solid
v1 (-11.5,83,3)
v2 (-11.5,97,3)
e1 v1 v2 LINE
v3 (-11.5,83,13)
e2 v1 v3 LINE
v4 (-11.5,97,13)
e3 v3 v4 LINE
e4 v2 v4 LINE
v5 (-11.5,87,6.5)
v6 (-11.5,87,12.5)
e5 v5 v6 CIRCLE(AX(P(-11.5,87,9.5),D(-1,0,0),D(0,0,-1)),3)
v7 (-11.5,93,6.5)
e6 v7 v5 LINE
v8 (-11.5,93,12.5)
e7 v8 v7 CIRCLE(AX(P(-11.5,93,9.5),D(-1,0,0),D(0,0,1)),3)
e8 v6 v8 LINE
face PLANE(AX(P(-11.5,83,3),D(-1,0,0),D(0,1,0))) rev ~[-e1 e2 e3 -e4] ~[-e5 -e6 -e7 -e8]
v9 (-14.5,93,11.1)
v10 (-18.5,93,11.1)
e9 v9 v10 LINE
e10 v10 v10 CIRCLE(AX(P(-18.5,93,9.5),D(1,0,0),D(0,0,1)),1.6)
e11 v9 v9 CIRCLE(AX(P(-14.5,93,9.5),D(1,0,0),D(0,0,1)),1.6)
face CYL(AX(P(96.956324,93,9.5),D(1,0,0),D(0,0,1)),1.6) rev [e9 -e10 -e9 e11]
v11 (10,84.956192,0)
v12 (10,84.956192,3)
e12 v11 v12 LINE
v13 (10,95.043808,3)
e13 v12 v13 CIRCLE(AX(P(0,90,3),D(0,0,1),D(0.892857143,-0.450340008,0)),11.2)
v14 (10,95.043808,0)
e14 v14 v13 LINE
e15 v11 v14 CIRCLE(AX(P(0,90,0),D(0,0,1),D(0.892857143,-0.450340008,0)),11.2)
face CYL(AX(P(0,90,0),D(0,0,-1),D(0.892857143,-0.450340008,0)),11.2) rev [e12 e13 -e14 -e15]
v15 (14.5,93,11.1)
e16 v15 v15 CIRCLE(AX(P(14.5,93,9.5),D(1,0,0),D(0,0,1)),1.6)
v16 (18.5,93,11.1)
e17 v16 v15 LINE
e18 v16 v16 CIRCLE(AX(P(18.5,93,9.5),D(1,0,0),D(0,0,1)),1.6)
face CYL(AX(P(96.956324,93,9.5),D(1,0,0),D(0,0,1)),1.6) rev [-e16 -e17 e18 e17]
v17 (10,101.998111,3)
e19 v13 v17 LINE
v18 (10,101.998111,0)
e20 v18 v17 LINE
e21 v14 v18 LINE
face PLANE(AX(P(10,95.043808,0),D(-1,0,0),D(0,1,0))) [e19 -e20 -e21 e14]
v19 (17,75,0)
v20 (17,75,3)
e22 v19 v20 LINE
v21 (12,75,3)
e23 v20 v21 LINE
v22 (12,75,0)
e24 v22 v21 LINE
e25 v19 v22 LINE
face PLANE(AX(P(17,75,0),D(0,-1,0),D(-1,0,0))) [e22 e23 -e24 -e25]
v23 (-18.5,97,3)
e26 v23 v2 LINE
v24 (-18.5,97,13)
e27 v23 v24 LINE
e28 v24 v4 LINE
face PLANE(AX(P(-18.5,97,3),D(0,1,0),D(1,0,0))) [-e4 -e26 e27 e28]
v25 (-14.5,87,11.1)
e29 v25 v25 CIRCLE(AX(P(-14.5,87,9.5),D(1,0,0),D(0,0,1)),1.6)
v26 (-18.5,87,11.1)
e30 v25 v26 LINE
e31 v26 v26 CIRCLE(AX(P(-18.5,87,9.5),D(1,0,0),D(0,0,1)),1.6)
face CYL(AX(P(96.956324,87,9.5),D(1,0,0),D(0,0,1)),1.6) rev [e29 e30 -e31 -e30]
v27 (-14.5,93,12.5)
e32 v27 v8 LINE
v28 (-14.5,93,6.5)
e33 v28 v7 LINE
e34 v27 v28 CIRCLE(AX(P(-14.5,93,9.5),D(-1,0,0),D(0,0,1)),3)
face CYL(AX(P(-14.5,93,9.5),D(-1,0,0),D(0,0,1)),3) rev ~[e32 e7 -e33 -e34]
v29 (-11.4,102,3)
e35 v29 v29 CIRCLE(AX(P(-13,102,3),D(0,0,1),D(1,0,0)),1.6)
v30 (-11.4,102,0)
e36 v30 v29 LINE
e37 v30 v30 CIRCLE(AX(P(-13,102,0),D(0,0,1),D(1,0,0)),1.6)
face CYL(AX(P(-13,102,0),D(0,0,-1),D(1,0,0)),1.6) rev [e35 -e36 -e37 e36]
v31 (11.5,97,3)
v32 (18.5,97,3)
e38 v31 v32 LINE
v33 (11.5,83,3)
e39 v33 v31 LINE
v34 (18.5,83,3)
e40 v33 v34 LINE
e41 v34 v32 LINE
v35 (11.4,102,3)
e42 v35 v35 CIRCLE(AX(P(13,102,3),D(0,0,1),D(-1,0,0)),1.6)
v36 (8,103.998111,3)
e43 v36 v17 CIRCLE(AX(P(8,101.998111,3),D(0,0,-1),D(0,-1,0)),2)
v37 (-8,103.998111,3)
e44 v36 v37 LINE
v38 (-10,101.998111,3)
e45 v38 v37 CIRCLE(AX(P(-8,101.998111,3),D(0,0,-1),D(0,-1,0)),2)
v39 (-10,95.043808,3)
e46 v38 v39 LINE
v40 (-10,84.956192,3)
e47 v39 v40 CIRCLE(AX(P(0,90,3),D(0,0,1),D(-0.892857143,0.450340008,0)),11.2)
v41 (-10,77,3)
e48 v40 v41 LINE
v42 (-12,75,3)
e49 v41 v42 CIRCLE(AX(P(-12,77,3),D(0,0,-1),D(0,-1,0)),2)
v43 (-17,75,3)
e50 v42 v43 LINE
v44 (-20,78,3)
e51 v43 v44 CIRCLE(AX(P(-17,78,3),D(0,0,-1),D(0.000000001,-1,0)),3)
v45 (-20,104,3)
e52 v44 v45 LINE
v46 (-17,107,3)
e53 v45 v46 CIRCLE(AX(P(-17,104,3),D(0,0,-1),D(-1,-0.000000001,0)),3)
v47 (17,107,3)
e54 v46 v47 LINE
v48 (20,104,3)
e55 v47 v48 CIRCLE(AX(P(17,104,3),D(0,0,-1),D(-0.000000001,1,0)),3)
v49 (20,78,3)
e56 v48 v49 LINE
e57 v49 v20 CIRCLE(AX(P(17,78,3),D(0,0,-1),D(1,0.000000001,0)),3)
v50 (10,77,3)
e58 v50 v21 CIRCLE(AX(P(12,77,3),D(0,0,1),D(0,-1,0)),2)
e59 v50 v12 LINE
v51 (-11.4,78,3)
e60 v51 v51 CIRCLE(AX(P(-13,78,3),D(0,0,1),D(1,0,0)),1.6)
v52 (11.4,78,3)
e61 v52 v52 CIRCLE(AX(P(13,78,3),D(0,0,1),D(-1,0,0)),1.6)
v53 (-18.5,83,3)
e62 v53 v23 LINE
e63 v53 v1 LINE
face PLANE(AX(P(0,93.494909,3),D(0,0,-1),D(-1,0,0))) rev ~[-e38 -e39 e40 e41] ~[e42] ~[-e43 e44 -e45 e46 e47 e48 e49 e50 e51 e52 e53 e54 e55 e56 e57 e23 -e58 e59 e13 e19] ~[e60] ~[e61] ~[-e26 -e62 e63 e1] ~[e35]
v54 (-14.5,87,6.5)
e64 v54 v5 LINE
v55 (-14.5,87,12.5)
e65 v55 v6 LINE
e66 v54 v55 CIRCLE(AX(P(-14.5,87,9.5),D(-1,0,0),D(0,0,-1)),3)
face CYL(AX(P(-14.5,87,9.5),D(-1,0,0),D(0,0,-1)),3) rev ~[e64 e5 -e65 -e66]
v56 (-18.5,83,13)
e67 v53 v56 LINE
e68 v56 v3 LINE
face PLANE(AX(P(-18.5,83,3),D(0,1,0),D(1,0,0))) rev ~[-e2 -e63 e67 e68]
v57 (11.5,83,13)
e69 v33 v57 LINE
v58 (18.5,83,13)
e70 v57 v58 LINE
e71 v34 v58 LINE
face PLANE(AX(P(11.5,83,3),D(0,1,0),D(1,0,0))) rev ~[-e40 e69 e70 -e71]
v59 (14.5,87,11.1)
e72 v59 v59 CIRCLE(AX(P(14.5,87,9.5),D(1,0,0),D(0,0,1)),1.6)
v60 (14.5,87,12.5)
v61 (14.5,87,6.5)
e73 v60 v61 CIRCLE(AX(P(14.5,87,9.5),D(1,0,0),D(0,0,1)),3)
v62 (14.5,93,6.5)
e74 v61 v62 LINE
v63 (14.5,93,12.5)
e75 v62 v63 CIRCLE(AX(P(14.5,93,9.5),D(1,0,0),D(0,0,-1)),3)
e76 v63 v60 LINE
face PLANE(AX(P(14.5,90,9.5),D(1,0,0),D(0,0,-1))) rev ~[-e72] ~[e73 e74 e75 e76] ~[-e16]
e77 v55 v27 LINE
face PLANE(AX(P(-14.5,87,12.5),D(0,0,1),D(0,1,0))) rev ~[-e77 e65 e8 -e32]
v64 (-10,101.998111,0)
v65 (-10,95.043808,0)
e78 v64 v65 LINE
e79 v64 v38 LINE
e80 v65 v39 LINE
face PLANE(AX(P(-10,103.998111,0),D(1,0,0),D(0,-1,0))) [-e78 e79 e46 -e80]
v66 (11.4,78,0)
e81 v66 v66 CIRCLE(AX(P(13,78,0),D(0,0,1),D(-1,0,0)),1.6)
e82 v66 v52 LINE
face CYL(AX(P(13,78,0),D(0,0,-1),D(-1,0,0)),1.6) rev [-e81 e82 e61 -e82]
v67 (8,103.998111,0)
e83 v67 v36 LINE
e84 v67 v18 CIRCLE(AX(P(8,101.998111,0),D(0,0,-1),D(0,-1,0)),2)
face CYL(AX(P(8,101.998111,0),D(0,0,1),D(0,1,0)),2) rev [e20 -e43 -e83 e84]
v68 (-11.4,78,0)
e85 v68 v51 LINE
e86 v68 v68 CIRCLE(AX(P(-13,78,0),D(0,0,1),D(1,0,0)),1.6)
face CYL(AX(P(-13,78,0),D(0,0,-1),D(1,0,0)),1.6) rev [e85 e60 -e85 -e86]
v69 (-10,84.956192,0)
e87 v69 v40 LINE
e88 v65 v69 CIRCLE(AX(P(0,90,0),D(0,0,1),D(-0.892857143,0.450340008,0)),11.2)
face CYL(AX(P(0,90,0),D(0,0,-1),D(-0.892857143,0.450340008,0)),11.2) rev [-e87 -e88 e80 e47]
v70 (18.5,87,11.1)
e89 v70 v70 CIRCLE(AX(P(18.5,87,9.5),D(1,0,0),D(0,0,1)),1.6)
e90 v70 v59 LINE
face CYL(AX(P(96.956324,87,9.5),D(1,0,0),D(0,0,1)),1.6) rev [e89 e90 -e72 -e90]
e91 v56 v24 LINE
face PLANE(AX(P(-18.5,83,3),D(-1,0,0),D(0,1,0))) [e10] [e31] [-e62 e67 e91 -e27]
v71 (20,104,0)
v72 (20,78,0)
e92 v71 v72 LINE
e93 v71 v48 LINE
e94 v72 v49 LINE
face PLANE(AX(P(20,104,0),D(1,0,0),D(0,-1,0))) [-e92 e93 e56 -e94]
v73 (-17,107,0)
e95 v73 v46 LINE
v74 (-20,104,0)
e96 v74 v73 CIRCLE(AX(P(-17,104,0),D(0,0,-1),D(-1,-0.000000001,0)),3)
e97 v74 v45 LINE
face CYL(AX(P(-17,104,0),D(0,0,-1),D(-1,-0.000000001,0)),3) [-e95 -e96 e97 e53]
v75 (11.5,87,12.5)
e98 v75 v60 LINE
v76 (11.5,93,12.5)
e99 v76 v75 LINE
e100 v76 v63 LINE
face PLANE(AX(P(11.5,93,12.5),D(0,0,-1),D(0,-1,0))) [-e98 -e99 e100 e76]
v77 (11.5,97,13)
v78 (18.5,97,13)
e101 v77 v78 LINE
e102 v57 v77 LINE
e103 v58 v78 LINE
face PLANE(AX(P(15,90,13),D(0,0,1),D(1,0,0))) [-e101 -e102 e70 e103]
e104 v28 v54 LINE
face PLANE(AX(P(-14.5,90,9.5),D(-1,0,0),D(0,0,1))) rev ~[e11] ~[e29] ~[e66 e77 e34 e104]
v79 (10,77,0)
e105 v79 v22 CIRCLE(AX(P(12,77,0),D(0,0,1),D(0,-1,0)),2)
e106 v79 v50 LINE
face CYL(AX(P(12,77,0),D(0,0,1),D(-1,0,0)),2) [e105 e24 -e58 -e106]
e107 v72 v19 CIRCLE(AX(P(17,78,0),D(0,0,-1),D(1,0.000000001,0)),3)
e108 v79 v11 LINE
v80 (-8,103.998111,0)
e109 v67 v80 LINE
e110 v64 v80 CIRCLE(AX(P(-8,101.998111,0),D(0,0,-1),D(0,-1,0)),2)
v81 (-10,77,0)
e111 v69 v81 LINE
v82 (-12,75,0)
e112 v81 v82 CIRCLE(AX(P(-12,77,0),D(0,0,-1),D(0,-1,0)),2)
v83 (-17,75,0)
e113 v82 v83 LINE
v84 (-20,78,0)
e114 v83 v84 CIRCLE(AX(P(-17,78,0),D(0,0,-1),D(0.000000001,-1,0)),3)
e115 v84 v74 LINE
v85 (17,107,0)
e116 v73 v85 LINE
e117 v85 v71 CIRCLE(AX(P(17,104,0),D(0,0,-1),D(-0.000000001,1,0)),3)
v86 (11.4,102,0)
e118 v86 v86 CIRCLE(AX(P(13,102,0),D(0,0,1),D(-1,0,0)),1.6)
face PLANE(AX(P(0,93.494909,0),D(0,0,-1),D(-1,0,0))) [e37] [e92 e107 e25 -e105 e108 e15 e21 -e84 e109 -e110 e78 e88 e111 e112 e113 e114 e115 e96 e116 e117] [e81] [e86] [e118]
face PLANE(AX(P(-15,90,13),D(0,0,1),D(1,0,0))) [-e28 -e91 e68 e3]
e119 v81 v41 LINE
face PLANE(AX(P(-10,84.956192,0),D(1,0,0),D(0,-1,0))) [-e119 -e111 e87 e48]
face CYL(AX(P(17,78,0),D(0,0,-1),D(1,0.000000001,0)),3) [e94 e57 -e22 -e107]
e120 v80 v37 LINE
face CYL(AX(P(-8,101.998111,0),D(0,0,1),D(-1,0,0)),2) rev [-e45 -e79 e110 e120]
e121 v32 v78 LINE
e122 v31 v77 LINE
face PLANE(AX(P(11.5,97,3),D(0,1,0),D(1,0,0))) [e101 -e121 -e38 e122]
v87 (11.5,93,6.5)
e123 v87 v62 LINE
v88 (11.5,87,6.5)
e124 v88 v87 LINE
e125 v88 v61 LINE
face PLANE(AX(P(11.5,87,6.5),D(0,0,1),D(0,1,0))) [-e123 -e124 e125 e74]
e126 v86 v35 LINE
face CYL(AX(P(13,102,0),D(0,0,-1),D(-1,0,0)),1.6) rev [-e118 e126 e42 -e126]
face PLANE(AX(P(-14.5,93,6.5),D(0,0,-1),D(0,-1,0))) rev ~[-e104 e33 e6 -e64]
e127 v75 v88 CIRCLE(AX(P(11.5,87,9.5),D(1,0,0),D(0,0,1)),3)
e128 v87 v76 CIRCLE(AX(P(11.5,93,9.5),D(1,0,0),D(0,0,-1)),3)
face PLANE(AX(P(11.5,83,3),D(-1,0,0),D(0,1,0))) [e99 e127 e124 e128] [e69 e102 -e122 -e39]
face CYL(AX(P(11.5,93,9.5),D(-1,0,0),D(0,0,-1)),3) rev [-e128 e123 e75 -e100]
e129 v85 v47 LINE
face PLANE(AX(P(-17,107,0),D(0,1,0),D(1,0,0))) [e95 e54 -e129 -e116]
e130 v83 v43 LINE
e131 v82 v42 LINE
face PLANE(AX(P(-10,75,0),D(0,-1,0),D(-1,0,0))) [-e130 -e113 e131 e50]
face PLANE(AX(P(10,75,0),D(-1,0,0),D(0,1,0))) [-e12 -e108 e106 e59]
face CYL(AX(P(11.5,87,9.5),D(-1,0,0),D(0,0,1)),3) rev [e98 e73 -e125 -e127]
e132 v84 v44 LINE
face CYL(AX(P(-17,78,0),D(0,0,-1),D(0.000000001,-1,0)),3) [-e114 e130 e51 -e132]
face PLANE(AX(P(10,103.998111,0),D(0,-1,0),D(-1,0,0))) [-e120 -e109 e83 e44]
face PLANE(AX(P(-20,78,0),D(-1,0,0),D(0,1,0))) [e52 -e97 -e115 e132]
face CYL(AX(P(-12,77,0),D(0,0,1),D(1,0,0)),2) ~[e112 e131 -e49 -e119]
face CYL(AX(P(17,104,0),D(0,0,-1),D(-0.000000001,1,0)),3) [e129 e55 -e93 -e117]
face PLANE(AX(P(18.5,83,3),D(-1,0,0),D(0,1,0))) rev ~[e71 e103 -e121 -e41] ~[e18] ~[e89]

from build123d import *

# Parameters (mm, degrees)
SKETCH_1_R               = 1.6
EXTRUDE_1_DEPTH          = 3
SKETCH_2_W               = 7
SKETCH_2_H               = 14
EXTRUDE_2_DEPTH          = 10
CUT_EXTRUDE_1_DEPTH      = 115.456323547
CUT_EXTRUDE_1_DEPTH_BACK = 115.456323547
SKETCH_4_R               = 1.6
FILLET_1_R               = 2
CUT_EXTRUDE_2_DEPTH      = 3
CUT_EXTRUDE_START        = -3
CUT_EXTRUDE_3_DEPTH      = 3


with BuildPart() as part:
    # 草图1 → 凸台-拉伸1 (new body)
    with BuildSketch(Plane.XY):
        with BuildLine():
            Line((-10, 103.998111102), (-10, 95.043808085))
            ThreePointArc((-10, 95.043808085), (-11.2, 90), (-10, 84.956191915))
            Line((-10, 84.956191915), (-10, 75))
            Line((-10, 75), (-17, 75))
            ThreePointArc((-17, 75), (-19.121320344, 75.878679656), (-20, 78))
            Line((-20, 78), (-20, 104))
            ThreePointArc((-20, 104), (-19.121320344, 106.121320344), (-17, 107))
            Line((-17, 107), (17, 107))
            ThreePointArc((17, 107), (19.121320344, 106.121320344), (20, 104))
            Line((20, 104), (20, 78))
            ThreePointArc((20, 78), (19.121320344, 75.878679656), (17, 75))
            Line((17, 75), (10, 75))
            Line((10, 75), (10, 84.956191915))
            ThreePointArc((10, 84.956191915), (11.2, 90), (10, 95.043808085))
            Line((10, 95.043808085), (10, 103.998111102))
            Line((10, 103.998111102), (-10, 103.998111102))
        make_face()
        with Locations((-13, 102)):
            Circle(SKETCH_1_R, mode=Mode.SUBTRACT)
        with Locations((-13, 78)):
            Circle(SKETCH_1_R, mode=Mode.SUBTRACT)
        with Locations(Location((13, 102, 0), (0, 0, 180))):
            Circle(SKETCH_1_R, mode=Mode.SUBTRACT)
        with Locations(Location((13, 78, 0), (0, 0, 180))):
            Circle(SKETCH_1_R, mode=Mode.SUBTRACT)
    extrude(amount=EXTRUDE_1_DEPTH)

    # 草图2 → 凸台-拉伸2 (add)
    with BuildSketch(Plane.XY.offset(3)):
        with Locations((-15, 90)):
            Rectangle(SKETCH_2_W, SKETCH_2_H)
        with Locations((15, 90)):
            Rectangle(SKETCH_2_W, SKETCH_2_H)
    extrude(amount=EXTRUDE_2_DEPTH)

    # 草图4 → 切除-拉伸1 (cut, two sides: drawn at the far end of the back side and taken through both)
    with BuildSketch(Plane.ZY.offset(18.5).offset(-CUT_EXTRUDE_1_DEPTH_BACK)):
        with Locations((9.5, 93)):
            Circle(SKETCH_4_R)
        with Locations((9.5, 87)):
            Circle(SKETCH_4_R)
    extrude(amount=CUT_EXTRUDE_1_DEPTH + CUT_EXTRUDE_1_DEPTH_BACK, mode=Mode.SUBTRACT)

    # 圆角1
    fillet_1_edges = [part.edges().sort_by_distance(p)[0] for p in [
        (-10, 75, 1.5),
        (10, 75, 1.5),
        (10, 103.998111102, 1.5),
        (-10, 103.998111102, 1.5),
    ]]
    fillet(fillet_1_edges, radius=FILLET_1_R)

    # 草图5 → 切除-拉伸2 (cut)
    with BuildSketch(Plane.ZY.offset(-11.5)):
        with BuildLine():
            Line((12.5, 93), (12.5, 87))
            ThreePointArc((12.5, 87), (9.5, 84), (6.5, 87))
            Line((6.5, 87), (6.5, 93))
            ThreePointArc((6.5, 93), (9.5, 96), (12.5, 93))
        make_face()
    extrude(amount=-CUT_EXTRUDE_2_DEPTH, mode=Mode.SUBTRACT)

    # 草图6 → 切除-拉伸3 (cut)
    with BuildSketch(Plane(origin=(-11.5, 0, 0), x_dir=(0, 0, -1), z_dir=(1, 0, 0)).offset(CUT_EXTRUDE_START)):
        with BuildLine():
            Line((-6.5, 93), (-6.5, 87))
            ThreePointArc((-6.5, 87), (-9.5, 84), (-12.5, 87))
            Line((-12.5, 87), (-12.5, 93))
            ThreePointArc((-12.5, 93), (-9.5, 96), (-6.5, 93))
        make_face()
    extrude(amount=CUT_EXTRUDE_3_DEPTH, mode=Mode.SUBTRACT)


solid = part.part
